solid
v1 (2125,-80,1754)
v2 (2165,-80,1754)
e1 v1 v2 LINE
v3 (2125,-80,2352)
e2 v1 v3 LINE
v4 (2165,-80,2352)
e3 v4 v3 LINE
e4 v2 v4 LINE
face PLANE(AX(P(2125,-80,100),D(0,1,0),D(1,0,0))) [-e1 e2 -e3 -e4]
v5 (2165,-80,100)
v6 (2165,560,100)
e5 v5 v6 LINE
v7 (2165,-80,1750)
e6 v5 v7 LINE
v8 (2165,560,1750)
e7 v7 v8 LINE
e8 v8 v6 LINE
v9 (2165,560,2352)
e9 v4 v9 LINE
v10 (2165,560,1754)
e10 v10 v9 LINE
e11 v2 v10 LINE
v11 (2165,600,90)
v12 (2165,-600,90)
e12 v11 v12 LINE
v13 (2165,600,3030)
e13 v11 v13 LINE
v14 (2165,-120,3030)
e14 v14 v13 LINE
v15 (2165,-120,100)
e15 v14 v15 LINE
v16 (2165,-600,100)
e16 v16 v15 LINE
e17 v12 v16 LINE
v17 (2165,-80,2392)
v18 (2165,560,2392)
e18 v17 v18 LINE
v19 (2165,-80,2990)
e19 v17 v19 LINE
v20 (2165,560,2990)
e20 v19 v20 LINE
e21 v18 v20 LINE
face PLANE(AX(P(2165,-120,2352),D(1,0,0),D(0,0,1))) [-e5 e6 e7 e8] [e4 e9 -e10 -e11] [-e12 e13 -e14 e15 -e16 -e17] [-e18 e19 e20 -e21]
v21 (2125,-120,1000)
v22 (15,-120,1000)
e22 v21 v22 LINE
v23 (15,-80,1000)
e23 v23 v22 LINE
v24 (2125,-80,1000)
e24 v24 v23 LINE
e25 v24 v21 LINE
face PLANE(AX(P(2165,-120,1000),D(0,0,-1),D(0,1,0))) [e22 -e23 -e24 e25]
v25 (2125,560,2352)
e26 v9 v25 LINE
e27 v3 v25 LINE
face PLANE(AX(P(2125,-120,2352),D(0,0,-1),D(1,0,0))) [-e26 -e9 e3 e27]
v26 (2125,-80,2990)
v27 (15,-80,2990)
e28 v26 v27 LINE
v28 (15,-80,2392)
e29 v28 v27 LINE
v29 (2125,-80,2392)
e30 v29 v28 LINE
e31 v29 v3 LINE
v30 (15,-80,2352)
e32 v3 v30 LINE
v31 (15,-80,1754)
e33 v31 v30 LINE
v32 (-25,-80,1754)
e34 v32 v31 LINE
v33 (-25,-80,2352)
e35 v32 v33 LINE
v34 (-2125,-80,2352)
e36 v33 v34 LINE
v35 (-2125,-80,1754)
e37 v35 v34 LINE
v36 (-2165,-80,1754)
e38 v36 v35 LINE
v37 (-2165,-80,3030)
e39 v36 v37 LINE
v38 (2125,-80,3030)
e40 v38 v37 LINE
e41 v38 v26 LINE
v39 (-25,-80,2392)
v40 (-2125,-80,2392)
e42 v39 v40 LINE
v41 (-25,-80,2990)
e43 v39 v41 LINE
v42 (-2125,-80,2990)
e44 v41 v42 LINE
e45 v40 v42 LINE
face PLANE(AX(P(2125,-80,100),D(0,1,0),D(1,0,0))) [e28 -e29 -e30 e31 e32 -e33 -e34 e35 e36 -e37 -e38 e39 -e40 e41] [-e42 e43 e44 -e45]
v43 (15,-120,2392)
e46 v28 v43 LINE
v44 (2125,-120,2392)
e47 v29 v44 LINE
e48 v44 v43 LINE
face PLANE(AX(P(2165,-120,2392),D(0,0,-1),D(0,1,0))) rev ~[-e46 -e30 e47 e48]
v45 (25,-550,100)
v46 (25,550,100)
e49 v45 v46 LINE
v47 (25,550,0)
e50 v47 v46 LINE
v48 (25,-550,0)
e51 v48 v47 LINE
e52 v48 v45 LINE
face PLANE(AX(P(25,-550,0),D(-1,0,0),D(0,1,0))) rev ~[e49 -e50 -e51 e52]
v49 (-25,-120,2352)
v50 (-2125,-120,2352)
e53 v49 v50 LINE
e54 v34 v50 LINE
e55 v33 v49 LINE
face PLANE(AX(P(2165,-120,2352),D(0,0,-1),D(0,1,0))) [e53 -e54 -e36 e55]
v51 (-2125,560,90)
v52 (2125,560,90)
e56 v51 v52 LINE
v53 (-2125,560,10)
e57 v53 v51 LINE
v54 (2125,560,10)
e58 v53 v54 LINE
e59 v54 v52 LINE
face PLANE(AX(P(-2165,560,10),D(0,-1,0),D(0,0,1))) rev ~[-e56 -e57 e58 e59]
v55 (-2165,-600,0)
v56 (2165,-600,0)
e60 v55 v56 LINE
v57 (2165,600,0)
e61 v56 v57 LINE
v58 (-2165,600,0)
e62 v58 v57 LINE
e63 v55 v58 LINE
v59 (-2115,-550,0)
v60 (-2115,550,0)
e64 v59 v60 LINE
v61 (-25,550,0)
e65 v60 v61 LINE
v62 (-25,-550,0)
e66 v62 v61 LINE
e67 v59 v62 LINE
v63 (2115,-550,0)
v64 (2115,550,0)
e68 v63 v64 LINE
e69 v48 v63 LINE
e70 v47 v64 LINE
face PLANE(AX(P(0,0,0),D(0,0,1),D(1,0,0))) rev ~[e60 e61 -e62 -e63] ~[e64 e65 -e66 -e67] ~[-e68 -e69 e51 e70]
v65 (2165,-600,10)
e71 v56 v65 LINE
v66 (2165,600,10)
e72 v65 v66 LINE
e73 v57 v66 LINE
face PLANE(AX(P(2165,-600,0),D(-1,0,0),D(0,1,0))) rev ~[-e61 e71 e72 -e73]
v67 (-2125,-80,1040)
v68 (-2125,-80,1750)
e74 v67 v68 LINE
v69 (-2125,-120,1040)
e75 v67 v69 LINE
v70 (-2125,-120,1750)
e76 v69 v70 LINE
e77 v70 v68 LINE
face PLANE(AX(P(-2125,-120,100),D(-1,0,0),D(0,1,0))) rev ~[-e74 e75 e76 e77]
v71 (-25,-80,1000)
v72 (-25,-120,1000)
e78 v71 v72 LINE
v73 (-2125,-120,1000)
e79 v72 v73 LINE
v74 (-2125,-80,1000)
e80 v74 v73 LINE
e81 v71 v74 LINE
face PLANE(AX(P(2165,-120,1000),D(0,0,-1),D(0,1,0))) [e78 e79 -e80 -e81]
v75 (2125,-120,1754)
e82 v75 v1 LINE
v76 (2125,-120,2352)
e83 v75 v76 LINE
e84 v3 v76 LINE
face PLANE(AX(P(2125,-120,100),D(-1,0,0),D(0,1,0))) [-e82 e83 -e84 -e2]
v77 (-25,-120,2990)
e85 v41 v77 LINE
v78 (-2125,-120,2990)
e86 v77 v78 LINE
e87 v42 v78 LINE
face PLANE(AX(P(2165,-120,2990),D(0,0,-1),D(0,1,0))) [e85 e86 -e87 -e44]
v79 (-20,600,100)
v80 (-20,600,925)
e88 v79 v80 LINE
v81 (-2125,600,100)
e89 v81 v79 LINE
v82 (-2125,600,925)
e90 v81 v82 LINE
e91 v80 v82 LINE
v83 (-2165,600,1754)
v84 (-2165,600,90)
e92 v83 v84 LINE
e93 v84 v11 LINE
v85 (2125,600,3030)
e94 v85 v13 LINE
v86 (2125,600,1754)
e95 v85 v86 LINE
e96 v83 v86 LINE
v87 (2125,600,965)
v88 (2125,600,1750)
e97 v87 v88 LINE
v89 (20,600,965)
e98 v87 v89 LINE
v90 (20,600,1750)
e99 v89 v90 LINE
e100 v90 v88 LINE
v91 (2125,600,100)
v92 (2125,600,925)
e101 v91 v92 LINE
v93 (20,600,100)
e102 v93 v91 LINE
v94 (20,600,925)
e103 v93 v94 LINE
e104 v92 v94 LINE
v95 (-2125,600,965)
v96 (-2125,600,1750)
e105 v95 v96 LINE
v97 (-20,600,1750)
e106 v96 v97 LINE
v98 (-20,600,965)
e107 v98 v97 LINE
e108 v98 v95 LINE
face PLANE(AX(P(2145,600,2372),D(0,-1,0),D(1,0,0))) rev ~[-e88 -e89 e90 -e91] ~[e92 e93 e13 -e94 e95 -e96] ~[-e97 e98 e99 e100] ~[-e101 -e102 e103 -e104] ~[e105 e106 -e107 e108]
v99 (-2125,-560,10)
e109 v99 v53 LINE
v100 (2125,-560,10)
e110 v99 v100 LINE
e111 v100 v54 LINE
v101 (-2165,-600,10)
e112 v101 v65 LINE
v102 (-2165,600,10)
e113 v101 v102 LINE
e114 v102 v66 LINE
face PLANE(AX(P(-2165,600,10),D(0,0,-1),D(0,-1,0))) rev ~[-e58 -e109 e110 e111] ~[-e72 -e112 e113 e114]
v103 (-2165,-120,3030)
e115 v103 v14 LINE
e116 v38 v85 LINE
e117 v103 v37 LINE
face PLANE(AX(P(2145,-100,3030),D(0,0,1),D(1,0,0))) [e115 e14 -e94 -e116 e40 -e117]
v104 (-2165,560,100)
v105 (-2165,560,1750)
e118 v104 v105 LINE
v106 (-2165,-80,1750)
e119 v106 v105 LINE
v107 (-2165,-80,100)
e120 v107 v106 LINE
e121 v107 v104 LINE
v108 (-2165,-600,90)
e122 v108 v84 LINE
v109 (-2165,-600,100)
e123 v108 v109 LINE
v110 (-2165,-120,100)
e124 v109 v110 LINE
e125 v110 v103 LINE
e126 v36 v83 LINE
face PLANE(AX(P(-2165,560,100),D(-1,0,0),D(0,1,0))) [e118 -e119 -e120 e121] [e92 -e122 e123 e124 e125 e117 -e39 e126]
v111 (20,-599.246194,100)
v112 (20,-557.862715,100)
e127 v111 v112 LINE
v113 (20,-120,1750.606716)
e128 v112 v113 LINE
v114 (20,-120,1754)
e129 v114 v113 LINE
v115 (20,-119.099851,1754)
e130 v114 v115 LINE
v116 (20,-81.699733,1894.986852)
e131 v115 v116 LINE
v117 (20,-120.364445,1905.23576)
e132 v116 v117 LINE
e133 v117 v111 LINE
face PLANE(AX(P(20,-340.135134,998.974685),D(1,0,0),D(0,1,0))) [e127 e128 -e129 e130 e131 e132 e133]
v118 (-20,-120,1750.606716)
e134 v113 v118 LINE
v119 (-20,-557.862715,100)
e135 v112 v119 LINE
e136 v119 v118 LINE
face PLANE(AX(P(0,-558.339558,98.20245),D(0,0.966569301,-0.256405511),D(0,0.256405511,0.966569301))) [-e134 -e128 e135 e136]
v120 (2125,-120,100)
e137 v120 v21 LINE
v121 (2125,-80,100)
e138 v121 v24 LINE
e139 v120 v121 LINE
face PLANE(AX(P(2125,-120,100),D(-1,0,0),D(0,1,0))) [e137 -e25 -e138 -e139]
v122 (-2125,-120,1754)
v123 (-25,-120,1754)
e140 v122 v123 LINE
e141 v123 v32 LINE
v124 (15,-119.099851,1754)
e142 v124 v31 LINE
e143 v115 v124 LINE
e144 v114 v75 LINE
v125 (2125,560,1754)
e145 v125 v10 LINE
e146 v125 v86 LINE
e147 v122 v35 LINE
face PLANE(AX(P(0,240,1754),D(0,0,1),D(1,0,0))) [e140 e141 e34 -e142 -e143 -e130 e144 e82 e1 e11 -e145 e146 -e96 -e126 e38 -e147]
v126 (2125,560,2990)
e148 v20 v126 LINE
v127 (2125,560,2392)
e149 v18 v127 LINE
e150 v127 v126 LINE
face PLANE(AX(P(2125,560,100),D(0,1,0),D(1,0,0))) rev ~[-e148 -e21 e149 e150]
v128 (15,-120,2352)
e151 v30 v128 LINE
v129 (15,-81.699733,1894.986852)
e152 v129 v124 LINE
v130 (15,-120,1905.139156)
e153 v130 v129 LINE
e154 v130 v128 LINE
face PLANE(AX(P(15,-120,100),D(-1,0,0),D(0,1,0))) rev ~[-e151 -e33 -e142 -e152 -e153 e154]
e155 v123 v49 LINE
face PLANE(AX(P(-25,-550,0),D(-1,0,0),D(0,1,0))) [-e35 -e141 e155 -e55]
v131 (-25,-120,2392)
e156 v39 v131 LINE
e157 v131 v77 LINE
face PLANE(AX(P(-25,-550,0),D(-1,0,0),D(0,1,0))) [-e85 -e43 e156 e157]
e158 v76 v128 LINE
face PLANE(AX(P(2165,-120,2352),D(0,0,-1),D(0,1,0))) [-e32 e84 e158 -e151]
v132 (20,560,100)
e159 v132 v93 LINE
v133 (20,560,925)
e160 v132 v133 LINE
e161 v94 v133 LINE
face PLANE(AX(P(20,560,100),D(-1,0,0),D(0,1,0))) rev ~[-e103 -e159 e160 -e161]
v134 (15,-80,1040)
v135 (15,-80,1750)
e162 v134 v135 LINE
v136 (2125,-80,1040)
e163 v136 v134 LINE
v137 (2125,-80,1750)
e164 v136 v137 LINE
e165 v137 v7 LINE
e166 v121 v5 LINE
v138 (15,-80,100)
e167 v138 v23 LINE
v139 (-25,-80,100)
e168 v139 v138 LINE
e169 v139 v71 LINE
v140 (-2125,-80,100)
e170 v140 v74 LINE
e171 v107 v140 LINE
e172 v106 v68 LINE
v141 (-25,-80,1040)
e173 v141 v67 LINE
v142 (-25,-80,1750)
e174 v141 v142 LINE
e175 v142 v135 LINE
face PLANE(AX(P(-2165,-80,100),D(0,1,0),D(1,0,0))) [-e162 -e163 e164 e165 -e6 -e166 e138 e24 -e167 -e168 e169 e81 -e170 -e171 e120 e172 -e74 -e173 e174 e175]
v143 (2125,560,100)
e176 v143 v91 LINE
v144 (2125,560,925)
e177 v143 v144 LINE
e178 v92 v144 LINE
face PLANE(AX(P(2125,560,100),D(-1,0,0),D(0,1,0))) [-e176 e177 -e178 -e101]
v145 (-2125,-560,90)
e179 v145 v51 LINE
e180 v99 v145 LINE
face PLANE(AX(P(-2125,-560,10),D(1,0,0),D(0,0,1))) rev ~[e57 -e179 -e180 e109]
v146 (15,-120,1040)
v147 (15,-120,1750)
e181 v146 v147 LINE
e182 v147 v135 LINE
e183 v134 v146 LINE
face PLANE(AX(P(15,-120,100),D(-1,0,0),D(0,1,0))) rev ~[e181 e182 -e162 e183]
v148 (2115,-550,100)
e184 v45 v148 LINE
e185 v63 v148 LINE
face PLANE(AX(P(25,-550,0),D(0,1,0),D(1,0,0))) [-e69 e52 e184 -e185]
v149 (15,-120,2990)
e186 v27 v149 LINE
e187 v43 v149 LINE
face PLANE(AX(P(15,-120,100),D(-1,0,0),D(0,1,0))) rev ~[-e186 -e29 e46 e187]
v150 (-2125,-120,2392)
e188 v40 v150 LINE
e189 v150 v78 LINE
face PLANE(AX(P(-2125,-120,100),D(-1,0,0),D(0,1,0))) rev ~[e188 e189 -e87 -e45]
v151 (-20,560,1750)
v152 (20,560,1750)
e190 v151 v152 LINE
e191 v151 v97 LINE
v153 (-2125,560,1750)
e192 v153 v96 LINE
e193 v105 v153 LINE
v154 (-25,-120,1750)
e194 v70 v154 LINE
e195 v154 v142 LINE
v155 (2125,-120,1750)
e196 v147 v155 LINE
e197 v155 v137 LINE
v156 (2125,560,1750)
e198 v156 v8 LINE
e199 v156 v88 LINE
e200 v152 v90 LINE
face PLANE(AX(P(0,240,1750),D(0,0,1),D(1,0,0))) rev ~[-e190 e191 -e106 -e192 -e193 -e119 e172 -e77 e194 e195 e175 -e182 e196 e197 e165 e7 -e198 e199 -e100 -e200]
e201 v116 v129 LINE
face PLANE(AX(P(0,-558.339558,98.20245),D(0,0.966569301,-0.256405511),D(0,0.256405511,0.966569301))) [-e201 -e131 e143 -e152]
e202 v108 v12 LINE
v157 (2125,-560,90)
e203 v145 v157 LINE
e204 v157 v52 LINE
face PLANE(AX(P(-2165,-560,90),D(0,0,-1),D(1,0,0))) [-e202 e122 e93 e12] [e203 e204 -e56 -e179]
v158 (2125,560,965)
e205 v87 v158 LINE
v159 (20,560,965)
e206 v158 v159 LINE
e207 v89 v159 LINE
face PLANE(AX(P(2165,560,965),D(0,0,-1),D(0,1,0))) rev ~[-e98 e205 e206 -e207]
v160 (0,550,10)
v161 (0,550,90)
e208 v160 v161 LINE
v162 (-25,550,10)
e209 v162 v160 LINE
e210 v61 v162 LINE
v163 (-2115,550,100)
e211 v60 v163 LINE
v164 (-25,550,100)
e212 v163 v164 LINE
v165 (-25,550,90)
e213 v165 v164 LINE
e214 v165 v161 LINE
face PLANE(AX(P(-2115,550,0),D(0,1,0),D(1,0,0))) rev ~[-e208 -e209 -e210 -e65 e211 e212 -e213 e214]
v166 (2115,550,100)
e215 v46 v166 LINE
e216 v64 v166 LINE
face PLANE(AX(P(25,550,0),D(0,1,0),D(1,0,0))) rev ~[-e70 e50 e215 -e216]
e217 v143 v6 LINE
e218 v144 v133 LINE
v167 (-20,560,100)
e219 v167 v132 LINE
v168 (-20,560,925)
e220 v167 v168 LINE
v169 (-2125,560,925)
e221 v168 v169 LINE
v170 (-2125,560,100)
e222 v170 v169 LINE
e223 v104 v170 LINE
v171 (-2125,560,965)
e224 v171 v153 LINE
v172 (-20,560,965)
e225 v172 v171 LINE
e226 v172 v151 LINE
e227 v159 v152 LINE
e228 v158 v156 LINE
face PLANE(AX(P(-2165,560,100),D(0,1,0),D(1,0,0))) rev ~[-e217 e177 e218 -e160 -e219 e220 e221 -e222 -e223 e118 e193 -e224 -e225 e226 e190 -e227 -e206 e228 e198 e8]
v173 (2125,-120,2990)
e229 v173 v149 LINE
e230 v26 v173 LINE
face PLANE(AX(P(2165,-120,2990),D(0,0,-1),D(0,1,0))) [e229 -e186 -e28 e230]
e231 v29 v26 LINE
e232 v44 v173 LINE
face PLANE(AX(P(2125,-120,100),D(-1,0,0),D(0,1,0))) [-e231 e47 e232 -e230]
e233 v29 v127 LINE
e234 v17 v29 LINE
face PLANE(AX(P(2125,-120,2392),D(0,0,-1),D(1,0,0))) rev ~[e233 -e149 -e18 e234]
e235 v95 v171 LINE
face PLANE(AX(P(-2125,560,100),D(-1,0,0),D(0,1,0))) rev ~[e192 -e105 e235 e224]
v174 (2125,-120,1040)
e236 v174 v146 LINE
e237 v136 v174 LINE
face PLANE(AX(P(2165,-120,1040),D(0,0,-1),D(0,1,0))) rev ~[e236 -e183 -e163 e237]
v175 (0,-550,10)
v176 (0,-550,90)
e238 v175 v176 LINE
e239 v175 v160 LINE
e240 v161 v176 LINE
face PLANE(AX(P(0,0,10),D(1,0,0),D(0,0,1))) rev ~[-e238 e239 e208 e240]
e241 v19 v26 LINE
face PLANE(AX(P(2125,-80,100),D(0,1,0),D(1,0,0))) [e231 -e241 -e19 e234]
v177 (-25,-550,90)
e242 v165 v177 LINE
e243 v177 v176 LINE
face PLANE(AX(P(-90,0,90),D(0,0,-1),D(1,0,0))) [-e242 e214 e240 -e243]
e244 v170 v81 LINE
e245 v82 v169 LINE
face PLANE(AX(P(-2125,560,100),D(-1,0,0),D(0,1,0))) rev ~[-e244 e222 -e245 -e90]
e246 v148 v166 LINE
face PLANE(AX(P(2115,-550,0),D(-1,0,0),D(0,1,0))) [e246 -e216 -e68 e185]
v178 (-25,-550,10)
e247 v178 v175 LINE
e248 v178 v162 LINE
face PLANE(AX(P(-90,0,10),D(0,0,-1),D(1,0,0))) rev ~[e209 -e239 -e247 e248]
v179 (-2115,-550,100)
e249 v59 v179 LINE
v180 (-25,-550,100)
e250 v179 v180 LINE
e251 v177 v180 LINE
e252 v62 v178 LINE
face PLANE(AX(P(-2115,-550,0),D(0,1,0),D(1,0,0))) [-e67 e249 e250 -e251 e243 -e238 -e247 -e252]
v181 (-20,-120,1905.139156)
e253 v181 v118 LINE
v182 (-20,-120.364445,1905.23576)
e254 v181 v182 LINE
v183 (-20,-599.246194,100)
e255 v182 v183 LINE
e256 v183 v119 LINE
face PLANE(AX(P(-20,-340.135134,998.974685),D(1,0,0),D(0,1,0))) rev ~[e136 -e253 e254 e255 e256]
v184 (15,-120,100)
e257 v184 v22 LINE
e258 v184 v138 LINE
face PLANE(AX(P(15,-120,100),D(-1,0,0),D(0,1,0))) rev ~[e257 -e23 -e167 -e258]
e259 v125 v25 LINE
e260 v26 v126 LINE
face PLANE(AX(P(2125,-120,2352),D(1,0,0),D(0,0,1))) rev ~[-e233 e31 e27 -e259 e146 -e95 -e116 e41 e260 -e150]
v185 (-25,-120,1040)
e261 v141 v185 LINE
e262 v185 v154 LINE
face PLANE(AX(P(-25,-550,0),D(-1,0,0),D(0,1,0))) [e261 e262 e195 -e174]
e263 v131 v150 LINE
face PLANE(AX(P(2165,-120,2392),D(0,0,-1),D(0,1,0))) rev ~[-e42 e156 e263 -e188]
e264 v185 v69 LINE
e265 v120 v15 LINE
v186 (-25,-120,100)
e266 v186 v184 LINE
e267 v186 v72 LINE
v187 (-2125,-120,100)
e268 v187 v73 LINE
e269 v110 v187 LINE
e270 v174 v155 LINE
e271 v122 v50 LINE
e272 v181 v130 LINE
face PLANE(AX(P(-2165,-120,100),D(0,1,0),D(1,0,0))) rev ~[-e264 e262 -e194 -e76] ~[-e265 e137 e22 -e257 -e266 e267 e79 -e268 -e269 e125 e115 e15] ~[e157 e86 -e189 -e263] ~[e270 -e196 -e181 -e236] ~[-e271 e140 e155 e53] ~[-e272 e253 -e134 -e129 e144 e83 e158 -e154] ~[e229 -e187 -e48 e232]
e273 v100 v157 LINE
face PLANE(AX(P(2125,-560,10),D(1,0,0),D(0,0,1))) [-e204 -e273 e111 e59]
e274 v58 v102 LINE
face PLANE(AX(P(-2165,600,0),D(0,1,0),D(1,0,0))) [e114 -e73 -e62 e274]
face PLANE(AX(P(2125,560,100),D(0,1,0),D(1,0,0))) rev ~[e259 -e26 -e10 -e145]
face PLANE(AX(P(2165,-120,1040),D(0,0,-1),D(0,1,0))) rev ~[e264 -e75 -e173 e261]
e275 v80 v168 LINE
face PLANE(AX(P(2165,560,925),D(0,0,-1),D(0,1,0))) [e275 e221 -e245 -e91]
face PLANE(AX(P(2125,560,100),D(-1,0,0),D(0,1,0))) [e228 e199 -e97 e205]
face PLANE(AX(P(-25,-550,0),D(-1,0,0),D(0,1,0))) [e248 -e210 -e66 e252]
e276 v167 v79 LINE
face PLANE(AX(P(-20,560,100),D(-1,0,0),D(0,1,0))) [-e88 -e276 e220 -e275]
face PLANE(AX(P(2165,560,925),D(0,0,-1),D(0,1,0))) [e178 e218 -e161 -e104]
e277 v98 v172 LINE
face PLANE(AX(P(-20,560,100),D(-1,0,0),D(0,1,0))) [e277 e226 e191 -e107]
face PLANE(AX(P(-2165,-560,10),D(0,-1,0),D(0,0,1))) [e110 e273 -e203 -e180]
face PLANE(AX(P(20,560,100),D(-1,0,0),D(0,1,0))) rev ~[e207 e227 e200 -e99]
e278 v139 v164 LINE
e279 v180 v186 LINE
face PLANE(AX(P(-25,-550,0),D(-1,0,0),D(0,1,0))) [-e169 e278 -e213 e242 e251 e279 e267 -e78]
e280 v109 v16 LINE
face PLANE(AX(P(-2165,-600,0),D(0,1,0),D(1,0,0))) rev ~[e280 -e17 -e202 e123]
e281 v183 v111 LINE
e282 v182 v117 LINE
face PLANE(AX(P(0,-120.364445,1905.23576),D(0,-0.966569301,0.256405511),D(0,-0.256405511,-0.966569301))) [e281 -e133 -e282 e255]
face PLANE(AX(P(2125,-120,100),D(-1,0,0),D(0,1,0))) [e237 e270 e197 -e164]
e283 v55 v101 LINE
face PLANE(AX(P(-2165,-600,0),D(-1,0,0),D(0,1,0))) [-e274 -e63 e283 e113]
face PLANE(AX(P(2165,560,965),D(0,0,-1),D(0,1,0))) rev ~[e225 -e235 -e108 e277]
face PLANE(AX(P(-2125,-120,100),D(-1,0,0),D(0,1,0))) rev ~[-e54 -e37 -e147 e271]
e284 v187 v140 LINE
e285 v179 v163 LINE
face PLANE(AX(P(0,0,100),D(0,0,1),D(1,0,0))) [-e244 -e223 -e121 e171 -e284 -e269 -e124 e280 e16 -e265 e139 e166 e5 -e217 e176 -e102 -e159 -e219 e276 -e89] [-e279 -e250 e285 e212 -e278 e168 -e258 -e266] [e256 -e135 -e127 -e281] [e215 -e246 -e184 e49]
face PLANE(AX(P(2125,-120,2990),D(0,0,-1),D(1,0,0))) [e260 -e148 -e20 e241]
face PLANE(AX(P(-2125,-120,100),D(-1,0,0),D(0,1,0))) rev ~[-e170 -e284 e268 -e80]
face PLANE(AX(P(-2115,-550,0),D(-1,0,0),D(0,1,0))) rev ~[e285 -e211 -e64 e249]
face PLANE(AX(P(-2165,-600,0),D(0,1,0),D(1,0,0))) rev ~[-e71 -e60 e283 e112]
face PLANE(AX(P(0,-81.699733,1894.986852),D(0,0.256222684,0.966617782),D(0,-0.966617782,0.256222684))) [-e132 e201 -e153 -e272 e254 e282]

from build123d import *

# Parameters (mm, degrees)
F0_W          = 4330
F0_H          = 1200
F0_W_2        = 2090
F0_H_2        = 1100
F1_DEPTH      = 100
F2_W          = 40
F2_H          = 80
F3_DEPTH      = 4330.001
F4_W          = 40
F4_H          = 80
F5_DEPTH      = 1160.001
F7_W          = 90
F7_H          = 80
F8_DEPTH      = 550
F8_DEPTH_BACK = 550
F9_W          = 40
F9_H          = 40
F10_DEPTH     = 2930
F11_W         = 4330
F11_H         = 720
F12_DEPTH     = 4
F13_DEPTH     = 1650
F14_W         = 40
F14_H         = 40
F15_DEPTH     = 4300
F16_W         = 40
F16_H         = 40
F17_DEPTH     = 720
F19_DEPTH     = 20


with BuildPart() as f1:
    # F0 (on Top) → F1 (new body)
    with BuildSketch(Plane.XY):
        Rectangle(F0_W, F0_H)
        with Locations((-1070, 0)):
            Rectangle(F0_W_2, F0_H_2, mode=Mode.SUBTRACT)
        with Locations((1070, 0)):
            Rectangle(F0_W_2, F0_H_2, mode=Mode.SUBTRACT)
    extrude(amount=F1_DEPTH)

    # F2 (on face) → F3 (cut, through all)
    with BuildSketch(Plane(origin=(-2165, 0, 0), x_dir=(0, -1, 0), z_dir=(-1, 0, 0))):
        with Locations((-580, 50)):
            Rectangle(F2_W, F2_H)
        with Locations((580, 50)):
            Rectangle(F2_W, F2_H)
    extrude(amount=-F3_DEPTH, mode=Mode.SUBTRACT)

    # F4 (on face) → F5 (cut, through all)
    with BuildSketch(Plane.XZ.offset(560)):
        with Locations((2145, 50)):
            Rectangle(F4_W, F4_H)
        with Locations((-2145, 50)):
            Rectangle(F4_W, F4_H)
    extrude(amount=-F5_DEPTH, mode=Mode.SUBTRACT)

    # F7 (on Front) → F8 (cut, two sides)
    with BuildSketch(Plane.XZ) as f8_sk:
        with Locations((-45, 50)):
            Rectangle(F7_W, F7_H)
    extrude(amount=-F8_DEPTH, mode=Mode.SUBTRACT)
    extrude(f8_sk.sketch, amount=F8_DEPTH_BACK, mode=Mode.SUBTRACT)

    # F9 (on face) → F10 (join)
    with BuildSketch(Plane.XY.offset(100)):
        with Locations((-2145, -100)):
            Rectangle(F9_W, F9_H)
        with Locations((-5, -100)):
            Rectangle(F9_W, F9_H)
        with Locations((2145, 580)):
            Rectangle(F9_W, F9_H)
        with Locations((2145, -100)):
            Rectangle(F9_W, F9_H)
    extrude(amount=F10_DEPTH)

    # F11 (on offset) → F12 (join)
    with BuildSketch(Plane.XY.offset(1750)):
        with Locations((0, 240)):
            Rectangle(F11_W, F11_H)
    extrude(amount=F12_DEPTH)

    # F9 (on face) → F13 (join)
    with BuildSketch(Plane.XY.offset(100)):
        with Locations((-2145, 580)):
            Rectangle(F9_W, F9_H)
        with Locations((2145, 580)):
            Rectangle(F9_W, F9_H)
        with Locations((0, 580)):
            Rectangle(F9_W, F9_H)
        with Locations((-2145, -100)):
            Rectangle(F9_W, F9_H)
        with Locations((-5, -100)):
            Rectangle(F9_W, F9_H)
        with Locations((2145, -100)):
            Rectangle(F9_W, F9_H)
    extrude(amount=F13_DEPTH)

    # F14 (on face) → F15 (join)
    with BuildSketch(Plane.YZ.offset(2165)):
        with Locations((-100, 3010)):
            Rectangle(F14_W, F14_H)
        with Locations((580, 945)):
            Rectangle(F14_W, F14_H)
        with Locations((-100, 1020)):
            Rectangle(F14_W, F14_H)
        with Locations((-100, 2372)):
            Rectangle(F14_W, F14_H)
    extrude(amount=-F15_DEPTH)

    # F16 (on face) → F17 (join)
    with BuildSketch(Plane.XZ.offset(120)):
        with Locations((2145, 2372)):
            Rectangle(F16_W, F16_H)
        with Locations((2145, 3010)):
            Rectangle(F16_W, F16_H)
    extrude(amount=-F17_DEPTH)

    # F18 (on Right) → F19 (join, symmetric)
    with BuildSketch(Plane.YZ):
        Polygon((-81.6997326648, 1894.9868524751), (-120.3644446259, 1905.2357600368), (-599.6056199074, 98.6450761557), (-558.3395584145, 98.2024500072), align=None)
    extrude(amount=F19_DEPTH, both=True)


solid = f1.part
